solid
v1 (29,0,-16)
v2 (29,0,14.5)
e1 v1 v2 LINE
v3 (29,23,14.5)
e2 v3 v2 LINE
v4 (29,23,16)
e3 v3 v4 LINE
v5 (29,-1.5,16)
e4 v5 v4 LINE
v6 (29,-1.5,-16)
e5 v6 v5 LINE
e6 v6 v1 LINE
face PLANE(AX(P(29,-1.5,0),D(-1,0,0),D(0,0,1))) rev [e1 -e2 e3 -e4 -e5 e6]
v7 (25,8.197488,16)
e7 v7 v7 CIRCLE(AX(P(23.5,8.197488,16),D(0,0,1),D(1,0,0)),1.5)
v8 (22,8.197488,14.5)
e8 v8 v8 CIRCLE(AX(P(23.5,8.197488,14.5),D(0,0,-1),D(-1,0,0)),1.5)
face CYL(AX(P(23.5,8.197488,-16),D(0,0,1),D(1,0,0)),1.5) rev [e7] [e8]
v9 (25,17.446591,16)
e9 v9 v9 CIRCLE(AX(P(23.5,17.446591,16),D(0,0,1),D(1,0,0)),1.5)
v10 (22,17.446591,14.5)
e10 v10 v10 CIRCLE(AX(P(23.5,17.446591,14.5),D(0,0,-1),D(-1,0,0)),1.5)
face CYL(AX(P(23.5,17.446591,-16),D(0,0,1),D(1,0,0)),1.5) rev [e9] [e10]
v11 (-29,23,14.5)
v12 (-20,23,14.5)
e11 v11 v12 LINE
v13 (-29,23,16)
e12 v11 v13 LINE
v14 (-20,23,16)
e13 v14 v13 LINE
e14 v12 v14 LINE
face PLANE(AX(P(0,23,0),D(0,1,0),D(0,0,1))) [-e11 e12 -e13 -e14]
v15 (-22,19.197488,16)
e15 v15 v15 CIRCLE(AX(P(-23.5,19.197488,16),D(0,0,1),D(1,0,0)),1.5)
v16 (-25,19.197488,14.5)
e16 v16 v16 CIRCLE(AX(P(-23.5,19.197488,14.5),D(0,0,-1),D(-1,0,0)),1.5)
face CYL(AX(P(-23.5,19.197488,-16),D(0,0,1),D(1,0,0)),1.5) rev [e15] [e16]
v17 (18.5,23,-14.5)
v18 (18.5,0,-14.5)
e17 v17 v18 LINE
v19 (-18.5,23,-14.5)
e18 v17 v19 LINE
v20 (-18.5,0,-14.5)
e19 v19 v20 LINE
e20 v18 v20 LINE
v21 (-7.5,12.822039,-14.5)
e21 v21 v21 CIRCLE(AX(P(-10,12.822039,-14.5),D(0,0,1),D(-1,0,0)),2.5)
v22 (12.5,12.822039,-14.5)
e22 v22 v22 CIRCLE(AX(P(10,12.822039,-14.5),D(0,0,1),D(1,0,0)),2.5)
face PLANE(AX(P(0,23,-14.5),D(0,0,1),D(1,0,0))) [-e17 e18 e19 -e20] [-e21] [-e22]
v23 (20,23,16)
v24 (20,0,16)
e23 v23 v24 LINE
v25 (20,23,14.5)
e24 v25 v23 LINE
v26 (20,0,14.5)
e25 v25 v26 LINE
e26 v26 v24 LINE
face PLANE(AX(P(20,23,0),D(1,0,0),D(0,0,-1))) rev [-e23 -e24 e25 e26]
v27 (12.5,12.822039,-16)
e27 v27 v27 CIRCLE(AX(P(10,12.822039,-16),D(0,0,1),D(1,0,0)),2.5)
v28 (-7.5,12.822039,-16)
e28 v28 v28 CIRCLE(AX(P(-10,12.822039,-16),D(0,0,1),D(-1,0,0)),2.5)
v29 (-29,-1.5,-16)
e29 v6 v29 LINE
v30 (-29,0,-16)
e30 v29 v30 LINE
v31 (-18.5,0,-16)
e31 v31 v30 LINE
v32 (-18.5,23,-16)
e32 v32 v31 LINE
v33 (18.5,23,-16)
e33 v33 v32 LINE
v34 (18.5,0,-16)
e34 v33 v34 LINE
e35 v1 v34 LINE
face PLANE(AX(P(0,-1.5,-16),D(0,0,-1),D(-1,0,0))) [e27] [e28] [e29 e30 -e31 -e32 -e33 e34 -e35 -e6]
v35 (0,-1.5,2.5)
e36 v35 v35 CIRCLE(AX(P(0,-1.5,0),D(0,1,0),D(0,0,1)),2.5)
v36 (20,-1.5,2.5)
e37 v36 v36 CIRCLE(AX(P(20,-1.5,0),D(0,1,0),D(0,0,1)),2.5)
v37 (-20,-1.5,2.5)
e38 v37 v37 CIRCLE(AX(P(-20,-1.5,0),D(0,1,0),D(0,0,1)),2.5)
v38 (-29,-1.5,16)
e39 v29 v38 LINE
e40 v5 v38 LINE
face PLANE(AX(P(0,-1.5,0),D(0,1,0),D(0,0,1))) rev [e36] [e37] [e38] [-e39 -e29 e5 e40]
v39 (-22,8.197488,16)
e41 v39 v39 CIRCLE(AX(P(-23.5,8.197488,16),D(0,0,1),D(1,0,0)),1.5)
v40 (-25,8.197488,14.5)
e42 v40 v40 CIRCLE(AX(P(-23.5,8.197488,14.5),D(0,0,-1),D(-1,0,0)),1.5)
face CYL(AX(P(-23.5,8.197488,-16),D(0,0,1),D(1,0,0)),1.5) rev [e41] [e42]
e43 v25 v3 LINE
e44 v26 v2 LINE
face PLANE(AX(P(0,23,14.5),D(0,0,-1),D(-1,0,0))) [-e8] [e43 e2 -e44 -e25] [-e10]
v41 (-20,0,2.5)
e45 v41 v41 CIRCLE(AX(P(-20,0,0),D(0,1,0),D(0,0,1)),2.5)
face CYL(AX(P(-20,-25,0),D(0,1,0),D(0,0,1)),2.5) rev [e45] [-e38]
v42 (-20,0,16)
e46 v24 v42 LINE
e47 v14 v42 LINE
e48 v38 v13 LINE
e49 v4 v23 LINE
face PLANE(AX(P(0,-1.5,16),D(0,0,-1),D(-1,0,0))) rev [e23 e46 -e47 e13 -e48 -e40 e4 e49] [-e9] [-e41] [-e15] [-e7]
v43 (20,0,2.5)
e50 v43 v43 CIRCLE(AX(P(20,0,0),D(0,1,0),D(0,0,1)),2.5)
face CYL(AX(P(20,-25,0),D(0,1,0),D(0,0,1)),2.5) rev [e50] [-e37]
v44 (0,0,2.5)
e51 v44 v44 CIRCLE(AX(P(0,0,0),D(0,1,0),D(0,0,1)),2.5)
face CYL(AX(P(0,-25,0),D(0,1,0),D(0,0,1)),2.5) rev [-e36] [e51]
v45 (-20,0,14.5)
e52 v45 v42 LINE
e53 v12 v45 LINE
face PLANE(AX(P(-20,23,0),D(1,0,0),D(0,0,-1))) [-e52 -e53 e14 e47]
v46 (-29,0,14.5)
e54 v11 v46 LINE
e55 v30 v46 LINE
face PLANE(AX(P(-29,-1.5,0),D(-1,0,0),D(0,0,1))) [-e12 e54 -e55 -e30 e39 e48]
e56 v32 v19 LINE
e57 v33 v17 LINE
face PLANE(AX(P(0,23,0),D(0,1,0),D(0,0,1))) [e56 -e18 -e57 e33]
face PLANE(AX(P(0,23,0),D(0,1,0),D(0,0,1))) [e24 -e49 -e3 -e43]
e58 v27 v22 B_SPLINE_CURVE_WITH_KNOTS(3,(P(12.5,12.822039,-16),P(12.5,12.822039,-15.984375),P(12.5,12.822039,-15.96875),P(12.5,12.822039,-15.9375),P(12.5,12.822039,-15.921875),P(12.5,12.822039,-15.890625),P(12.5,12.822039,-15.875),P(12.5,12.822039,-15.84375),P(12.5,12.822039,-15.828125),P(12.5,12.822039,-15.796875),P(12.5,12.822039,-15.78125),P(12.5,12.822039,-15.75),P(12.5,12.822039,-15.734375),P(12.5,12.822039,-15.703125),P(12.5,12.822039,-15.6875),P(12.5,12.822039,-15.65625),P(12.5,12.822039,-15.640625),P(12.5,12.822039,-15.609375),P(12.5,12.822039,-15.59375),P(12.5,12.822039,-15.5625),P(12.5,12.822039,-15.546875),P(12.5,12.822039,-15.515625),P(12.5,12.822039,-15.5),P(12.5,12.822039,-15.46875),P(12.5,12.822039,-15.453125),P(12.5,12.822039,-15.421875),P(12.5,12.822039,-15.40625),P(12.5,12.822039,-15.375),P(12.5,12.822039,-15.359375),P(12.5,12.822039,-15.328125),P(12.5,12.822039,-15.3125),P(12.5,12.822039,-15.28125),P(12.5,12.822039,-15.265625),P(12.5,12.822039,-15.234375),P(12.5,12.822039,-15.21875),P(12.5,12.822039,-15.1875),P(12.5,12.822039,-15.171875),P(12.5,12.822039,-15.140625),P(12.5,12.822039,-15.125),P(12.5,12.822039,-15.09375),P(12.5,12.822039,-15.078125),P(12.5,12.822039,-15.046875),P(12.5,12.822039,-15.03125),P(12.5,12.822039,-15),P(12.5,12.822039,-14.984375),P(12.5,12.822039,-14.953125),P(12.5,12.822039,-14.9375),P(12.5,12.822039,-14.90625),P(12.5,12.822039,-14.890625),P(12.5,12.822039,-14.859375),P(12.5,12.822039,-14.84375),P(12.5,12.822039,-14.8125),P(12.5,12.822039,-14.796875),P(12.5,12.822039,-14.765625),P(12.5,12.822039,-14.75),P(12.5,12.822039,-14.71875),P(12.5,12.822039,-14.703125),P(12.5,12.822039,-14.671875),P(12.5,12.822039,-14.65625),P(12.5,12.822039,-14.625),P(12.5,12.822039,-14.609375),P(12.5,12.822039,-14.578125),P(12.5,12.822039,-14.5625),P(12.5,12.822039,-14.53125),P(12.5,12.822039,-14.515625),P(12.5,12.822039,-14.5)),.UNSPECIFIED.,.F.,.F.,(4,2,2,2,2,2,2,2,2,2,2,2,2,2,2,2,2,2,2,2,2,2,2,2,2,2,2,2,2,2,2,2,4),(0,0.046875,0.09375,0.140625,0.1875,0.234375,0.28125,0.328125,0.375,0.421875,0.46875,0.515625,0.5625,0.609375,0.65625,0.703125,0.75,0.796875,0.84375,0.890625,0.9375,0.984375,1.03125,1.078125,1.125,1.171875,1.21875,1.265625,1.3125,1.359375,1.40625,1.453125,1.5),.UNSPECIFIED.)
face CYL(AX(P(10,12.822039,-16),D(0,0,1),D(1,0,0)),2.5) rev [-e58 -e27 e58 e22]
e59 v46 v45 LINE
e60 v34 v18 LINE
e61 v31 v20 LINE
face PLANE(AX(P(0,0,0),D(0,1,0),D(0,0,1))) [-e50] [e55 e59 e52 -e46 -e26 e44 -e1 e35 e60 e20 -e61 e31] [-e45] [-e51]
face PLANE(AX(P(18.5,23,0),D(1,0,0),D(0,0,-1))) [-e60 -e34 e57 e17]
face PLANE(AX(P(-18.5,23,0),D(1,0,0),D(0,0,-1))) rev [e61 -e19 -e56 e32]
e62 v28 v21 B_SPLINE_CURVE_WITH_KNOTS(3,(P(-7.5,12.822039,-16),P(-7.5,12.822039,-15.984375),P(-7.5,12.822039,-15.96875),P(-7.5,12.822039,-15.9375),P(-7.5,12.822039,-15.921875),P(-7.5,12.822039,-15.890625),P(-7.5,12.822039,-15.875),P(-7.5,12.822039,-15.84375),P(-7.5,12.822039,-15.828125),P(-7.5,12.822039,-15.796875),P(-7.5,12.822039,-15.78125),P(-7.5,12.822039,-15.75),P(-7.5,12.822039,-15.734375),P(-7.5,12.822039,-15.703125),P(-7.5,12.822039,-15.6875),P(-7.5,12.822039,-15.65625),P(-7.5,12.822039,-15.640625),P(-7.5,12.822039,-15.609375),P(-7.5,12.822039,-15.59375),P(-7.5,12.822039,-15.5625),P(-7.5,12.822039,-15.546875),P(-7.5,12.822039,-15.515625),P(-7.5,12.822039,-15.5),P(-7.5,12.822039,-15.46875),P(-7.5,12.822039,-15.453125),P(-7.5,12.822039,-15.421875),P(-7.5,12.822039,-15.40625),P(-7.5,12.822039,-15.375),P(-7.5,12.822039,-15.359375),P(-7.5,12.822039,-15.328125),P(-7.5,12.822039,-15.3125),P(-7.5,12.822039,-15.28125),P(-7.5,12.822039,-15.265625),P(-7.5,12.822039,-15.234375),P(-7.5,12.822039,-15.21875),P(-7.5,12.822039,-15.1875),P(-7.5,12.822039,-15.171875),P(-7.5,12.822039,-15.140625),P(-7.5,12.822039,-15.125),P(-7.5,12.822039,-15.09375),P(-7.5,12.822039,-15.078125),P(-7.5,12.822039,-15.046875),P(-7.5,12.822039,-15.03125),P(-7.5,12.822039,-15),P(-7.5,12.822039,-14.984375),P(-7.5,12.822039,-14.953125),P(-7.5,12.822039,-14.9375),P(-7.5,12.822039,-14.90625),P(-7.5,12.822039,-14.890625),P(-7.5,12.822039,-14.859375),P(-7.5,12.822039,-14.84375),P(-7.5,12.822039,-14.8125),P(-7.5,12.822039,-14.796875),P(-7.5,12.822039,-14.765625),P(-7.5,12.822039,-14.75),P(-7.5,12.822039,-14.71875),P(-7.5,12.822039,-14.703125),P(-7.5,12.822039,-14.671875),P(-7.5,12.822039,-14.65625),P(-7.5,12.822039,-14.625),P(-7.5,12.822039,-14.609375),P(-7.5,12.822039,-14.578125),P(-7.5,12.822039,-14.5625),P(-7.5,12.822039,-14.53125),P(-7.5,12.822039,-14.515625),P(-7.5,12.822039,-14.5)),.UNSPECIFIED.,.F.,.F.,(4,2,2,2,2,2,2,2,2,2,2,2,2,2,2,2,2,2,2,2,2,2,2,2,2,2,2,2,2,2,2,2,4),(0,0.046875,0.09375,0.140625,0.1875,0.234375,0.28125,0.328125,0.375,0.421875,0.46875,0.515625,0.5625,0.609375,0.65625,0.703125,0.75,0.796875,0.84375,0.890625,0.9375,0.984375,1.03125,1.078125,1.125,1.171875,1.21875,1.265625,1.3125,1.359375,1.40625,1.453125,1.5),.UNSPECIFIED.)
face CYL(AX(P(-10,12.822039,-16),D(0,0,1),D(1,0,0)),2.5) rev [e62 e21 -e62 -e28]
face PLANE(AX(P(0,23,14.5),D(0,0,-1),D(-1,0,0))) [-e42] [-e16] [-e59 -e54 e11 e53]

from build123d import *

# Parameters (mm, degrees)
SKETCH1_W           = 58
SKETCH1_H           = 32
BOSS_EXTRUDE1_DEPTH = 1.5
SKETCH1_3_W         = 9
SKETCH1_3_H         = 1.5
BOSS_EXTRUDE2_DEPTH = 23
SKETCH2_R           = 1.5
CUT_EXTRUDE1_DEPTH  = 49.928519291
SKETCH1_4_W         = 37
SKETCH1_4_H         = 1.5
BOSS_EXTRUDE3_DEPTH = 23
SKETCH3_R           = 2.5
CUT_EXTRUDE2_DEPTH  = 48.960921592
SKETCH1_5_R         = 2.5
CUT_EXTRUDE3_DEPTH  = 25


with BuildPart() as part:
    # Sketch1 → Boss-Extrude1 (new body)
    with BuildSketch(Plane(origin=(0, 0, 0), x_dir=(1, 0, 0), z_dir=(0, 1, 0))):
        Rectangle(SKETCH1_W, SKETCH1_H)
    extrude(amount=-BOSS_EXTRUDE1_DEPTH)

    # Sketch1<3> → Boss-Extrude2 (add)
    with BuildSketch(Plane(origin=(0, 0, 0), x_dir=(1, 0, 0), z_dir=(0, 1, 0))):
        with Locations((-24.5, -15.25)):
            Rectangle(SKETCH1_3_W, SKETCH1_3_H)
        with Locations((24.5, -15.25)):
            Rectangle(SKETCH1_3_W, SKETCH1_3_H)
    extrude(amount=BOSS_EXTRUDE2_DEPTH)

    # Sketch2 → Cut-Extrude1 (cut, through all)
    with BuildSketch(Plane.XY.offset(16)):
        with Locations((-23.5, 19.197487824)):
            Circle(SKETCH2_R)
        with Locations((-23.5, 8.197487824)):
            Circle(SKETCH2_R)
        with Locations((23.5, 17.446590768)):
            Circle(SKETCH2_R)
        with Locations((23.5, 8.197487824)):
            Circle(SKETCH2_R)
    extrude(amount=-CUT_EXTRUDE1_DEPTH, mode=Mode.SUBTRACT)

    # Sketch1<4> → Boss-Extrude3 (add)
    with BuildSketch(Plane(origin=(0, 0, 0), x_dir=(1, 0, 0), z_dir=(0, 1, 0))):
        with Locations((0, 15.25)):
            Rectangle(SKETCH1_4_W, SKETCH1_4_H)
    extrude(amount=BOSS_EXTRUDE3_DEPTH)

    # Sketch3 → Cut-Extrude2 (cut, through all)
    with BuildSketch(Plane.XY.offset(-14.5)):
        with Locations((10, 12.822039296)):
            Circle(SKETCH3_R)
        with Locations((-10, 12.822039296)):
            Circle(SKETCH3_R)
    extrude(amount=-CUT_EXTRUDE2_DEPTH, mode=Mode.SUBTRACT)

    # Sketch1<5> → Cut-Extrude3 (cut)
    with BuildSketch(Plane(origin=(0, 0, 0), x_dir=(1, 0, 0), z_dir=(0, 1, 0))):
        with Locations((-20, 0)):
            Circle(SKETCH1_5_R)
        with Locations((20, 0)):
            Circle(SKETCH1_5_R)
        Circle(SKETCH1_5_R)
    extrude(amount=-CUT_EXTRUDE3_DEPTH, mode=Mode.SUBTRACT)


solid = part.part
